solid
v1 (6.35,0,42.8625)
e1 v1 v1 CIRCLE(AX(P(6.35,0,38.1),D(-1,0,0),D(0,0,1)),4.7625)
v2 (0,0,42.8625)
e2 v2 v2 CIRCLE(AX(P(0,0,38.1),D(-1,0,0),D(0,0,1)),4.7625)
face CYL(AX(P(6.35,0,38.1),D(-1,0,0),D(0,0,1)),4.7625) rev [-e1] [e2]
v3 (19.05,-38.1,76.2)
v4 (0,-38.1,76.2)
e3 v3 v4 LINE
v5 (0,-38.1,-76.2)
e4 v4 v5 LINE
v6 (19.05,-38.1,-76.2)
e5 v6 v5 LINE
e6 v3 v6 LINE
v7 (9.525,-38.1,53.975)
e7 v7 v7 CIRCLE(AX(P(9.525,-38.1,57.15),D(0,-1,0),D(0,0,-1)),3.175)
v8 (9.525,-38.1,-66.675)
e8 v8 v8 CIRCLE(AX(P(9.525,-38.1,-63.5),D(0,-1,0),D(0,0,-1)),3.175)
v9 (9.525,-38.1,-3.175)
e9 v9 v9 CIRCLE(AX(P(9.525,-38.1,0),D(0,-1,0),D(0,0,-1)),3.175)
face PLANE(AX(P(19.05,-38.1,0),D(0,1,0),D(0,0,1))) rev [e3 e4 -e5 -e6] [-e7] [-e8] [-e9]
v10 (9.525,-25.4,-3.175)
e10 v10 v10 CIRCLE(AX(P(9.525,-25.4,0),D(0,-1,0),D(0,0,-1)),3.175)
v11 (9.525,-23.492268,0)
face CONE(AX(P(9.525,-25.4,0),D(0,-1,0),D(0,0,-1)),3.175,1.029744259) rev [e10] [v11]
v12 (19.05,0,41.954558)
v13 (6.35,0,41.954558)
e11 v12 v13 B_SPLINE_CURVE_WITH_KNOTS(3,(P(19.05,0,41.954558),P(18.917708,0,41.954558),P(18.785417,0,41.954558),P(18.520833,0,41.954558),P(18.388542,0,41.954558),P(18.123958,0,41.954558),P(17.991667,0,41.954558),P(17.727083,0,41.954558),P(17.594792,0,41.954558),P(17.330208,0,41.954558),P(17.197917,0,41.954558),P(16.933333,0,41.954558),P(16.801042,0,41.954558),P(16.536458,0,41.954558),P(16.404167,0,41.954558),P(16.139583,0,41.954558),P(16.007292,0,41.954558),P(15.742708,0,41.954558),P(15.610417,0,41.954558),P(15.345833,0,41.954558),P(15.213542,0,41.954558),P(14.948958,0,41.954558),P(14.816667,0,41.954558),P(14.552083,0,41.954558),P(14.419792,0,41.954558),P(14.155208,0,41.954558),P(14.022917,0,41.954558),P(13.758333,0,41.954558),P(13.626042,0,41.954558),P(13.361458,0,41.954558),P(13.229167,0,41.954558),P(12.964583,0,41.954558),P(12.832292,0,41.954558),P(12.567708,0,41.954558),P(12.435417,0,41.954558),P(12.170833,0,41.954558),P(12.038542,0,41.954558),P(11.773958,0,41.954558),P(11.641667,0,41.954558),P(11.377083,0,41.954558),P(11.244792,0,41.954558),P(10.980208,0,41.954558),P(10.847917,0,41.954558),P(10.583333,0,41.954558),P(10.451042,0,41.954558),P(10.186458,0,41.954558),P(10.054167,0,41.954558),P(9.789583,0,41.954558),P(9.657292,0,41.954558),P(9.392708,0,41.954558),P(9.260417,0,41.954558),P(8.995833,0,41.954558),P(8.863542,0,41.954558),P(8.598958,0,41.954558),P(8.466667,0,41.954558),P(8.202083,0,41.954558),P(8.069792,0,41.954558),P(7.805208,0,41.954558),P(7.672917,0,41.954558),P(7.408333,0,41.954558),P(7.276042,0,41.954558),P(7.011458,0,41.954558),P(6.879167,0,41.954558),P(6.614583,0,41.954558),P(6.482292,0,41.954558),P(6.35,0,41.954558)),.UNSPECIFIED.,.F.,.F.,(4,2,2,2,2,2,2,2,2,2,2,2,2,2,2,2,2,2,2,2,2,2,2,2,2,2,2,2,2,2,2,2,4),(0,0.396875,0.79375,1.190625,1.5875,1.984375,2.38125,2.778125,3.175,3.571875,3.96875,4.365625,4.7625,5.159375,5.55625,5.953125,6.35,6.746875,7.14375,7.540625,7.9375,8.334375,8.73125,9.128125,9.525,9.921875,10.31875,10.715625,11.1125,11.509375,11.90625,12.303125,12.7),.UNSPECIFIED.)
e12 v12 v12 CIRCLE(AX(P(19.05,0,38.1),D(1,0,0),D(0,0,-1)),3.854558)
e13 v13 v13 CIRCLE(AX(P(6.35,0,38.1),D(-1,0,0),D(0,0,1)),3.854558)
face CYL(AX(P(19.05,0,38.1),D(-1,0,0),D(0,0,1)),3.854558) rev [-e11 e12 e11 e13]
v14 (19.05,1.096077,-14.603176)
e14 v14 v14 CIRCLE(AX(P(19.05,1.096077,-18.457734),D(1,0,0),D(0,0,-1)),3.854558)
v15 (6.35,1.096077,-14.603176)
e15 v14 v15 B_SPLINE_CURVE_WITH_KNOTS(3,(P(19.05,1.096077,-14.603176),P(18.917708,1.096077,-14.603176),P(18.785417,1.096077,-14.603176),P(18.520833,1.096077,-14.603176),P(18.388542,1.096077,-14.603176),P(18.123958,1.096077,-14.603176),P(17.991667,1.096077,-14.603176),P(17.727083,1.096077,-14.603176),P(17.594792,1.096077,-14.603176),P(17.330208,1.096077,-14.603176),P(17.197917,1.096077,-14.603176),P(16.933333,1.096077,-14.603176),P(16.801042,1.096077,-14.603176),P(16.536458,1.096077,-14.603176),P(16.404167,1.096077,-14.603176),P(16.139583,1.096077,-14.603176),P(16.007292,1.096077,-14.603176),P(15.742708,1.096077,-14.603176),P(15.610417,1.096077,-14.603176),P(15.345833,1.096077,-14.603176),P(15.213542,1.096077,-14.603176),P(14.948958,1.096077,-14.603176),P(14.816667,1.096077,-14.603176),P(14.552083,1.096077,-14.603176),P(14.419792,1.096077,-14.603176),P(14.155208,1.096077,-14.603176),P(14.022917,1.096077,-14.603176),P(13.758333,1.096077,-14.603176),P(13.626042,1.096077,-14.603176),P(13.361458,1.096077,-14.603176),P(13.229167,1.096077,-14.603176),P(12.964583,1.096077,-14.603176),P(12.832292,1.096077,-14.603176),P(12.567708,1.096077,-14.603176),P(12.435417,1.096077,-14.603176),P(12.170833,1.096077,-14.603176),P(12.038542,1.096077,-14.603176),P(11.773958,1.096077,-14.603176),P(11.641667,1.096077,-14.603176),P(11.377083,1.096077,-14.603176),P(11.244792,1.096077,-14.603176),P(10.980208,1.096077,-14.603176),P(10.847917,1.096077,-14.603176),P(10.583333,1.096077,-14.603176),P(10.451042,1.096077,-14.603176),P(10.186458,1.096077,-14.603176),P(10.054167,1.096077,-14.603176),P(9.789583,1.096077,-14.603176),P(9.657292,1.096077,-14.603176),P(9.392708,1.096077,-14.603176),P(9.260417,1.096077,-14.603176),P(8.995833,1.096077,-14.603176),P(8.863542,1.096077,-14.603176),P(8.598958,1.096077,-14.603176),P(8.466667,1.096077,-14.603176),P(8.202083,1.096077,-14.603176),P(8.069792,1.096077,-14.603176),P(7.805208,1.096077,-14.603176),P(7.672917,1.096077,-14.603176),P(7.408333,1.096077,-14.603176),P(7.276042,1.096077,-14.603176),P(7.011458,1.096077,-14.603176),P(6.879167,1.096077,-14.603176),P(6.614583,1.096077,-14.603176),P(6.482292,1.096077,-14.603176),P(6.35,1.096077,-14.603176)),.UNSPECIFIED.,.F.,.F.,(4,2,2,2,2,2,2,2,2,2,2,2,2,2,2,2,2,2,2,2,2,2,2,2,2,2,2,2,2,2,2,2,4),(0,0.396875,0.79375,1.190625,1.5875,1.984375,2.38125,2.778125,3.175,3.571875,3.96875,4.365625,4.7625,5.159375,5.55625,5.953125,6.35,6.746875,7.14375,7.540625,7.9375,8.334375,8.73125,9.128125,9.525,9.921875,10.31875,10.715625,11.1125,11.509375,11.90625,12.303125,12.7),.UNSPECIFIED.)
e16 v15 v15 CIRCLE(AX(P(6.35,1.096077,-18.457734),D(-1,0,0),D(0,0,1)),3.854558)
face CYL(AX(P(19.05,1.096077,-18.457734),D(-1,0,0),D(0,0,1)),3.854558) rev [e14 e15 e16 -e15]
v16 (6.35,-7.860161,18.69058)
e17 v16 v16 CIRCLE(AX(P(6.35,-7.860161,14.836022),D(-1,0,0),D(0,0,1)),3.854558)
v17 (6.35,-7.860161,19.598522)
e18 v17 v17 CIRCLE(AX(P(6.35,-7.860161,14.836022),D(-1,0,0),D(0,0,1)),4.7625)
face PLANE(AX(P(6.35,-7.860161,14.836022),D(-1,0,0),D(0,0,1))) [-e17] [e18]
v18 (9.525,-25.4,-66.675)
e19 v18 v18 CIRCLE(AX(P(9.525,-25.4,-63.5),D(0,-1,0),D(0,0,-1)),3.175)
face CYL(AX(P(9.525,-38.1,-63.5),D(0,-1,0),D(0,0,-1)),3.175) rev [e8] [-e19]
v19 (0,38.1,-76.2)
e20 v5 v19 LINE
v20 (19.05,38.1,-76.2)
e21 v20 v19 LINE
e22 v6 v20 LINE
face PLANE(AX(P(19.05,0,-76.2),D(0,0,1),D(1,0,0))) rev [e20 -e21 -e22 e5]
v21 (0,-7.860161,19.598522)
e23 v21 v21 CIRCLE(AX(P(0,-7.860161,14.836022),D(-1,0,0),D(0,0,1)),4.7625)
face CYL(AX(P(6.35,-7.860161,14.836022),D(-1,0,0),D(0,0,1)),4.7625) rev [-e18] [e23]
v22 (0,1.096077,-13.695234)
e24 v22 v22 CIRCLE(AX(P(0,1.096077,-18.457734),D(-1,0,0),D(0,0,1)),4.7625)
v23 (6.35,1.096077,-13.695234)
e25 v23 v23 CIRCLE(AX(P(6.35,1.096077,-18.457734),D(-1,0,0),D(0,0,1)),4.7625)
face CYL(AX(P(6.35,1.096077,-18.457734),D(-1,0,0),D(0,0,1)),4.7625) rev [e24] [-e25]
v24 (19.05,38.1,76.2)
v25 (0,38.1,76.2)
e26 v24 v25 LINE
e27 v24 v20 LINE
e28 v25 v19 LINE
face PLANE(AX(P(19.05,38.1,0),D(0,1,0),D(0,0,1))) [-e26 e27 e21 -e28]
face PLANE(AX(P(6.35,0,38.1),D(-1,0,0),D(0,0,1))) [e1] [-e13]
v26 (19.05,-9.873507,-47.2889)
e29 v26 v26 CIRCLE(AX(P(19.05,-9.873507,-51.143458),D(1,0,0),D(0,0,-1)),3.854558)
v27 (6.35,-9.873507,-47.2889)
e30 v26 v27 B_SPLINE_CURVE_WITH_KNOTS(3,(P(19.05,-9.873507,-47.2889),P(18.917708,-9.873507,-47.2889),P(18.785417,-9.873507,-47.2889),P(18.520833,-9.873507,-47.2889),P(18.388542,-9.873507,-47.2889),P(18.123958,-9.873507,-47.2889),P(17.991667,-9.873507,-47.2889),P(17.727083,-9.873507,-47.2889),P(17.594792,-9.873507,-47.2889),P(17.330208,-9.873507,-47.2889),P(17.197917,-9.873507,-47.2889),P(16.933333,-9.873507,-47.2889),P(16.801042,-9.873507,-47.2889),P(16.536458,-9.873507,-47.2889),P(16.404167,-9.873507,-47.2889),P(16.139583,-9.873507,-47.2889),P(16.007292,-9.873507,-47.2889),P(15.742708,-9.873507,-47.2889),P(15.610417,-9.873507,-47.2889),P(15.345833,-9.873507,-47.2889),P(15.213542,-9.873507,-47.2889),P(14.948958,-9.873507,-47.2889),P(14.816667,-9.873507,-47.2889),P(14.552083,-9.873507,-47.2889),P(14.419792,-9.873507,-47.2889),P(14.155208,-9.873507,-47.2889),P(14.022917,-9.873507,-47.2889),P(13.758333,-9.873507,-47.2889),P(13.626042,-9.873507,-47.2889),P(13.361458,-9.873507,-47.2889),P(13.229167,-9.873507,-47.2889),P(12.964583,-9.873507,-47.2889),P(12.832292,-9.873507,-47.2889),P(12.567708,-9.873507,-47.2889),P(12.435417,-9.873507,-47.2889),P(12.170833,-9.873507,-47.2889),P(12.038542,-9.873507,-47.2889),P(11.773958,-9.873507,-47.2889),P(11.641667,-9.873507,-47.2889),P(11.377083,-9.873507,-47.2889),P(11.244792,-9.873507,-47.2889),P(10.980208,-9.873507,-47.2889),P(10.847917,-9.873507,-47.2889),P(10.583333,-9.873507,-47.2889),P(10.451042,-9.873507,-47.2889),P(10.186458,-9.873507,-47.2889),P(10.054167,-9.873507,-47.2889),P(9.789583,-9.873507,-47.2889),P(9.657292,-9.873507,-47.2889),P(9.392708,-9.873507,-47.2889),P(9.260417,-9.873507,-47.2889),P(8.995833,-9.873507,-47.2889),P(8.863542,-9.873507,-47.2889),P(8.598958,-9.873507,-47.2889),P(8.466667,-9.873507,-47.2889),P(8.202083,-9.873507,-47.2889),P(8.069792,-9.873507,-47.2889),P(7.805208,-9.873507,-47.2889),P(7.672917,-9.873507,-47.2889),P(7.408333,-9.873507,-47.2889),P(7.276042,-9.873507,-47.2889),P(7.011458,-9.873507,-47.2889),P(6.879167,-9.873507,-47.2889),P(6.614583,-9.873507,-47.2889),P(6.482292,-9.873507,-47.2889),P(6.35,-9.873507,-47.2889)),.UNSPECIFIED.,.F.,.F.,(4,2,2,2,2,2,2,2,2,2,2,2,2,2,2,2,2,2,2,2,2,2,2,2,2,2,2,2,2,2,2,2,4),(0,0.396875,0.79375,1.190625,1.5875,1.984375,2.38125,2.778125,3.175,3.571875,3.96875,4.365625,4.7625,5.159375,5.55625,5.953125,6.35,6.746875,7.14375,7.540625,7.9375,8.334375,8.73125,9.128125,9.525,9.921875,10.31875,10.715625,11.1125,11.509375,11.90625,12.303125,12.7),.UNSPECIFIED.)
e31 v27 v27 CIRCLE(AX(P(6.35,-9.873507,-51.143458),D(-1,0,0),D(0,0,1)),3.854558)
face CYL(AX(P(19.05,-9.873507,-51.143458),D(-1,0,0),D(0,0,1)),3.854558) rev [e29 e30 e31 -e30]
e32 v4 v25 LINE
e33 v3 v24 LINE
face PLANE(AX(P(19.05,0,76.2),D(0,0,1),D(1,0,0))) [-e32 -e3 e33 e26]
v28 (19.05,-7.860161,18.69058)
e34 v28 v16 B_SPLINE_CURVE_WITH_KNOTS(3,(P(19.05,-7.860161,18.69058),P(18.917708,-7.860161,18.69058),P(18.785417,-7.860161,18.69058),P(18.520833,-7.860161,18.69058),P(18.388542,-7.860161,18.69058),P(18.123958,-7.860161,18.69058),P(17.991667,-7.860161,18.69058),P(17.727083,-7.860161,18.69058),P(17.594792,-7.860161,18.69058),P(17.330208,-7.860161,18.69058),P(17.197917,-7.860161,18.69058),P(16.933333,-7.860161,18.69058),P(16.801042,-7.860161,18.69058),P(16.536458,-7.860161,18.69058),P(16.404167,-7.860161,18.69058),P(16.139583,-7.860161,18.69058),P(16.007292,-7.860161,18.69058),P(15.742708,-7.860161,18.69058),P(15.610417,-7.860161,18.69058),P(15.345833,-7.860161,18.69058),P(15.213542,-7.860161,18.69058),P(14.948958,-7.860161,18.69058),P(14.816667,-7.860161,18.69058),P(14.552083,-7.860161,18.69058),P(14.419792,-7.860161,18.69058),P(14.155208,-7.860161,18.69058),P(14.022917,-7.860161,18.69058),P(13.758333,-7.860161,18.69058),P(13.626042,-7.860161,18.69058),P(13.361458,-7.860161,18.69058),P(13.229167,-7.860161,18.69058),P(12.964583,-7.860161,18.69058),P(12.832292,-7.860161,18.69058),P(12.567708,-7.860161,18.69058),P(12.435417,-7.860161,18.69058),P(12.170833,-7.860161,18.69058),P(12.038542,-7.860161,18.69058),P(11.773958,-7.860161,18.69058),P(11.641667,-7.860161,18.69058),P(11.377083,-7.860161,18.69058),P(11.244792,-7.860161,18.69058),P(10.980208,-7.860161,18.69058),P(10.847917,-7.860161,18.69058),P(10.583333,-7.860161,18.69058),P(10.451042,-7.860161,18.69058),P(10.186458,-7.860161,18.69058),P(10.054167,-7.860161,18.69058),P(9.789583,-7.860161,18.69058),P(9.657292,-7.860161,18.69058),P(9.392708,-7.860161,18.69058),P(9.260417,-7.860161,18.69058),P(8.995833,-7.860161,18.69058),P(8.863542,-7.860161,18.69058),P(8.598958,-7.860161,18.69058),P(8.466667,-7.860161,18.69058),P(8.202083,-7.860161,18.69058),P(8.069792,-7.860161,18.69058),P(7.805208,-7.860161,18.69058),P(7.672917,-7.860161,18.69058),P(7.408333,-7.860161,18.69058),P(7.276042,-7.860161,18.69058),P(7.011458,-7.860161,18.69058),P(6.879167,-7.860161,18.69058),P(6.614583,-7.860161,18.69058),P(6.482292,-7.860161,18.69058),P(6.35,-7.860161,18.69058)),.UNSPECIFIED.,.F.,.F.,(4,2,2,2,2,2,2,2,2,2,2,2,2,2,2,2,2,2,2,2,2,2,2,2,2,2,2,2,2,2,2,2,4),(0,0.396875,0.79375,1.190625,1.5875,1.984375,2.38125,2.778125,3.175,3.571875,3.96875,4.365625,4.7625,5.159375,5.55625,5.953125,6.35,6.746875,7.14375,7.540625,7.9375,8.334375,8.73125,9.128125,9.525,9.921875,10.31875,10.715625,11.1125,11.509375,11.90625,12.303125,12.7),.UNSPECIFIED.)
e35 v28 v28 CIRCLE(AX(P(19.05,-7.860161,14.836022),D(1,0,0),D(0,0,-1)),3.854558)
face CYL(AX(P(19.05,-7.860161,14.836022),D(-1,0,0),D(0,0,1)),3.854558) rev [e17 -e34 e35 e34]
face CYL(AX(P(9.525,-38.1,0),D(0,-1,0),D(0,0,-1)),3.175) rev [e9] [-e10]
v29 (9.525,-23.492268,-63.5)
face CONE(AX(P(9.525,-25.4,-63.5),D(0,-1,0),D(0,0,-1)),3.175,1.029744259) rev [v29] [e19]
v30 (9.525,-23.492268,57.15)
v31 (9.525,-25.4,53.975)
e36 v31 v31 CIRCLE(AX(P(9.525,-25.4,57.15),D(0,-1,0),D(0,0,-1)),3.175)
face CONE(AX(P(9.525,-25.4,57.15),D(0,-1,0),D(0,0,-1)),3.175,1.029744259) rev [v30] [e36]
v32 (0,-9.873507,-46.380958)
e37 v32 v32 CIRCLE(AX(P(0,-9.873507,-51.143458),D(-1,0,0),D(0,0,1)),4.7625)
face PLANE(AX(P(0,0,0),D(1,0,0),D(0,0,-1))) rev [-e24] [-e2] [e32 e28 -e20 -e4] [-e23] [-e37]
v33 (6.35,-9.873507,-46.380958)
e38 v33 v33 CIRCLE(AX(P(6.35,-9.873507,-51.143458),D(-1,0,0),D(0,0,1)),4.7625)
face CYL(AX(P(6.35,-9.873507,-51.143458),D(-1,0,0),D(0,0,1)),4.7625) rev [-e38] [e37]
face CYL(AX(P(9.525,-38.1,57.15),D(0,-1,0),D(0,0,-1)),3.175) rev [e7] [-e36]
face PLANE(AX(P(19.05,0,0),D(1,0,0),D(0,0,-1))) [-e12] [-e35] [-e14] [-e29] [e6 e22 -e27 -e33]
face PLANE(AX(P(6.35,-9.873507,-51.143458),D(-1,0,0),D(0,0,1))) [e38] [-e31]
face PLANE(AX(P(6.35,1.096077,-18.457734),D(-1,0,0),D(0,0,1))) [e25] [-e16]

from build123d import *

# Parameters (mm, degrees)
SKETCH1_R                       = 3.854557775
BOSS_EXTRUDE1_DEPTH             = 19.05
F_1_4_0_25_DIAMETER_HOLE2_D     = 6.35
F_1_4_0_25_DIAMETER_HOLE2_DEPTH = 12.7
F_1_4_0_25_DIAMETER_HOLE2_TIP   = 1.907732465
SKETCH2_R                       = 4.7625
CUT_EXTRUDE1_DEPTH              = 6.35


with BuildPart() as part:
    # Sketch1 → Boss-Extrude1 (new body)
    # profile 1 of 2: a face of its own
    with BuildSketch(Plane(origin=(0, 0, 0), x_dir=(0, 0, -1), z_dir=(1, 0, 0))):
        with BuildLine():
            Line((-76.2, 38.1), (-76.2, 0))
            Line((-76.2, 0), (-41.954557775, 0))
            ThreePointArc((-41.954557775, 0), (-38.1, 3.854557775), (-34.245442225, 0))
            Line((-34.245442225, 0), (14.762299925, 0))
            ThreePointArc((14.762299925, 0), (17.903949731, 4.910646748), (22.312291357, 1.096077429))
            ThreePointArc((22.312291357, 1.096077429), (22.272302901, 0.542293578), (22.153167239, 0))
            Line((22.153167239, 0), (76.2, 0))
            Line((76.2, 0), (76.2, 38.1))
            Line((76.2, 38.1), (-76.2, 38.1))
        make_face()
    # profile 2 of 2: a face of its own
    with BuildSketch(Plane(origin=(0, 0, 0), x_dir=(0, 0, -1), z_dir=(1, 0, 0))):
        with BuildLine():
            Line((-41.954557775, 0), (-76.2, 0))
            Line((-76.2, 0), (-76.2, -38.1))
            Line((-76.2, -38.1), (76.2, -38.1))
            Line((76.2, -38.1), (76.2, 0))
            Line((76.2, 0), (22.153167239, 0))
            ThreePointArc((22.153167239, 0), (18.457733582, -2.758480346), (14.762299925, 0))
            Line((14.762299925, 0), (-34.245442225, 0))
            ThreePointArc((-34.245442225, 0), (-38.1, -3.854557775), (-41.954557775, 0))
        make_face()
        with Locations((-14.836022013, -7.860160654)):
            Circle(SKETCH1_R, mode=Mode.SUBTRACT)
        with Locations((51.143457994, -9.873506971)):
            Circle(SKETCH1_R, mode=Mode.SUBTRACT)
    extrude(amount=BOSS_EXTRUDE1_DEPTH)

    # 1/4 (0.25) Diameter Hole2
    with Locations(Plane.XZ.offset(38.1)):
        with Locations((9.525, 57.15), (9.525, -63.5), (9.525, 0)):
            Hole(F_1_4_0_25_DIAMETER_HOLE2_D / 2, depth=F_1_4_0_25_DIAMETER_HOLE2_DEPTH)
            with Locations((0, 0, -(F_1_4_0_25_DIAMETER_HOLE2_DEPTH + F_1_4_0_25_DIAMETER_HOLE2_TIP / 2))):  # 118° drill point
                Cone(0, F_1_4_0_25_DIAMETER_HOLE2_D / 2, F_1_4_0_25_DIAMETER_HOLE2_TIP, mode=Mode.SUBTRACT)

    # Sketch2 → Cut-Extrude1 (cut)
    with BuildSketch(Plane.ZY):
        with Locations((38.1, 0)):
            Circle(SKETCH2_R)
        with Locations((14.836022013, -7.860160654)):
            Circle(SKETCH2_R)
        with Locations((-18.457733582, 1.096077429)):
            Circle(SKETCH2_R)
        with Locations((-51.143457994, -9.873506971)):
            Circle(SKETCH2_R)
    extrude(amount=-CUT_EXTRUDE1_DEPTH, mode=Mode.SUBTRACT)


solid = part.part
